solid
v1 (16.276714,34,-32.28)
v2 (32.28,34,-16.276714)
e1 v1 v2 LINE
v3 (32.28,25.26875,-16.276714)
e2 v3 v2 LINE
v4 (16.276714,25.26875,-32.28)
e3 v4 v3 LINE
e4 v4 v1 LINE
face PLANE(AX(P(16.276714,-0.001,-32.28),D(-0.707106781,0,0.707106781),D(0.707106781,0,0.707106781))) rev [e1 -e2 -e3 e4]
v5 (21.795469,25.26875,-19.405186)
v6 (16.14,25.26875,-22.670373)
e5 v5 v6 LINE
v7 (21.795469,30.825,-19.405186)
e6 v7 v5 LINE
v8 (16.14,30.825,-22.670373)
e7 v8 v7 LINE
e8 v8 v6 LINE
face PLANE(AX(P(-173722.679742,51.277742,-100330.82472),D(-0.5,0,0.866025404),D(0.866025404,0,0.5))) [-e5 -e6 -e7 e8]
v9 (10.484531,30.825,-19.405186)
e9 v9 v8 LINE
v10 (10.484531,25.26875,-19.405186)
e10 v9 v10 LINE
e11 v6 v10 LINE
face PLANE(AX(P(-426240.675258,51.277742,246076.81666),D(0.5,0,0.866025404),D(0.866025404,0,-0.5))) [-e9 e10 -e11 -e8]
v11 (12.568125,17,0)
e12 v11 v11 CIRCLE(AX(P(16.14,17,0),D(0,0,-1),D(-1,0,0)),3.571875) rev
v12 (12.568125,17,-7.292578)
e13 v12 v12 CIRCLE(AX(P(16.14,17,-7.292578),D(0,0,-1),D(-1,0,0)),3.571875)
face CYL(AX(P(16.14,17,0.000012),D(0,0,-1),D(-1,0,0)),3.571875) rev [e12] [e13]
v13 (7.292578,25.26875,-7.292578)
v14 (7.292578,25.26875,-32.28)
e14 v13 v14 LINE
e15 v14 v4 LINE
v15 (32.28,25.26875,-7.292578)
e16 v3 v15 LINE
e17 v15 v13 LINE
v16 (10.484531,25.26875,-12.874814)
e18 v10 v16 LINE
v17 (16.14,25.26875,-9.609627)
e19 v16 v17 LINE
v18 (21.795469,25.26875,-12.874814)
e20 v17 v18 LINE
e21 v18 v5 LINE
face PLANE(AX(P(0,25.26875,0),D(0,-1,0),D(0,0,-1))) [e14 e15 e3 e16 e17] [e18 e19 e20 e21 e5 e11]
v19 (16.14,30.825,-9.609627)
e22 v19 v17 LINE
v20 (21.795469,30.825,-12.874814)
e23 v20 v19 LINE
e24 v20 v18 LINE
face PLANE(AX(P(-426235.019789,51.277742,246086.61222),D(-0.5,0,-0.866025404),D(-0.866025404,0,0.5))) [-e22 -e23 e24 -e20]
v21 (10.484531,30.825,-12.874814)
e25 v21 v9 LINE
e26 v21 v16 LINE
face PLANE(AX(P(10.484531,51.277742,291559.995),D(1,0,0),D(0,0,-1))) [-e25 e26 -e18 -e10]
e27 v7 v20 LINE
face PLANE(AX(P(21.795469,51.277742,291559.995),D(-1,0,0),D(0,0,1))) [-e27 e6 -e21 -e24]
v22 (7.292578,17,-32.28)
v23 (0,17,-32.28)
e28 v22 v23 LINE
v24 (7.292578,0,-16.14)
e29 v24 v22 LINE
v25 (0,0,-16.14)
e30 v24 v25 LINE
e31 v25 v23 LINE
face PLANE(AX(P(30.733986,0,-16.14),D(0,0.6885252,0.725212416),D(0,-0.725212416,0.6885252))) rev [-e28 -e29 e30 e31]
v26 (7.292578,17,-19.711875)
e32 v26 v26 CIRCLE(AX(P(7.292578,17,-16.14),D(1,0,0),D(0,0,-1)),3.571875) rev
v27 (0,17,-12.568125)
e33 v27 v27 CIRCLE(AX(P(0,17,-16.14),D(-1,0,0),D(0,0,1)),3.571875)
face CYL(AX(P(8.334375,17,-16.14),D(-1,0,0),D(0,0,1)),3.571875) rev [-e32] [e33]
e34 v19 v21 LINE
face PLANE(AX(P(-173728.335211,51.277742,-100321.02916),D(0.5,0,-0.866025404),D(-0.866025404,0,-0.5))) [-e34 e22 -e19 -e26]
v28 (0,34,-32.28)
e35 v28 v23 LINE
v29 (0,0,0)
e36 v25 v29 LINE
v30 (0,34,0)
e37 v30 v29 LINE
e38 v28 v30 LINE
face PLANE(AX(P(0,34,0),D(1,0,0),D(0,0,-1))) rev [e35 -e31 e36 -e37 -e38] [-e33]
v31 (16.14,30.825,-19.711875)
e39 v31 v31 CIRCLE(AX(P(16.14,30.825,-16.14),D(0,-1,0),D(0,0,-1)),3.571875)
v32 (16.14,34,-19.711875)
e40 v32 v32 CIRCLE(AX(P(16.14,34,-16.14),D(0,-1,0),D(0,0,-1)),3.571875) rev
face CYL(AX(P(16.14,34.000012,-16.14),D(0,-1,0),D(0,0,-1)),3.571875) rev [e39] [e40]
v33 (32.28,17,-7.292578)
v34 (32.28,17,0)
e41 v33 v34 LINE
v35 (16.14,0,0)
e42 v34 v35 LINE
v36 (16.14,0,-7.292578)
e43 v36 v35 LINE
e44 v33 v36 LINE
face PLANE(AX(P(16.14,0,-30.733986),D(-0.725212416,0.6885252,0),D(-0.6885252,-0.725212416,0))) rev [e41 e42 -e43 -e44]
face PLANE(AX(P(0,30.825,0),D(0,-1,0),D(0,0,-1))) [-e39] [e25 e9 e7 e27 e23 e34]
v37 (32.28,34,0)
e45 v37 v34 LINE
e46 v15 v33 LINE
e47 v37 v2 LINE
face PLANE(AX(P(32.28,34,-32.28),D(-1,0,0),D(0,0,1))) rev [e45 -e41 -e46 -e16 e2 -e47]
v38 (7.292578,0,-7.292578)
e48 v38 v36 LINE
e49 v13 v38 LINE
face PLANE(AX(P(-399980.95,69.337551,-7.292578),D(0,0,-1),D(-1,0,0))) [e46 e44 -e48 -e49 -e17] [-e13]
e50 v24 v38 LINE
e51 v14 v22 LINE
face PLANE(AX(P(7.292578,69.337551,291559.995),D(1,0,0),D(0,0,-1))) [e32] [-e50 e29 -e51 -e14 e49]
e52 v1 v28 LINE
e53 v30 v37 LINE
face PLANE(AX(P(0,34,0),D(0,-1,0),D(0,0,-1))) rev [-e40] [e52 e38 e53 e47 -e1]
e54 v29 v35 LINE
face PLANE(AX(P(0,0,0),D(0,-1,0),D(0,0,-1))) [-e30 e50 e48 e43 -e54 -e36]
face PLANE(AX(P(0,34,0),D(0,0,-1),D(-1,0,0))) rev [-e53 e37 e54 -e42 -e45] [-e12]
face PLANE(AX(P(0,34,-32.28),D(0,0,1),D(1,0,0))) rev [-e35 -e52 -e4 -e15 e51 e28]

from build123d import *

# Parameters (mm, degrees)
SKETCH1_W                    = 32.28
SKETCH1_H                    = 32.28
MAIN_BODY_DEPTH              = 34
SKETCH3_R                    = 3.571875
F_9_32_RIGHT_RAIL_DEPTH      = 1
F_9_32_RIGHT_RAIL_DEPTH_BACK = 8.334375
SKETCH4_R                    = 3.571875
F_9_32_LEFT_RAIL_DEPTH       = 8.334375
SKETCH8_R                    = 3.571875
F_9_32_TOPPER_DEPTH          = 1
F_9_32_TOPPER_DEPTH_BACK     = 10
INNER_START                  = -17.4625
SKETCH13_W                   = 24.987421875
SKETCH13_H                   = 24.987421875
INNER_CAVITY_DEPTH           = 8.73125
INNER_CAVITY_DEPTH_BACK      = 34
HEX_START                    = -17
HEX_HOLE_TOP_DEPTH           = 13.825
TOP_CORNER_REACH             = 36
CUT_EXTRUDE2_DEPTH           = 7.292578
CUT_EXTRUDE3_DEPTH           = 7.292578


with BuildPart() as part:
    # Sketch1 → Main Body (new body)
    with BuildSketch(Plane(origin=(0, 0, 0), x_dir=(1, 0, 0), z_dir=(0, 1, 0))):
        with Locations((16.14, 16.14)):
            Rectangle(SKETCH1_W, SKETCH1_H)
    extrude(amount=MAIN_BODY_DEPTH)

    # Sketch3 → 9/32 Right Rail (cut, two sides)
    with BuildSketch(Plane.XY) as f_9_32_right_rail_sk:
        with Locations((16.14, 17)):
            Circle(SKETCH3_R)
    extrude(amount=F_9_32_RIGHT_RAIL_DEPTH, mode=Mode.SUBTRACT)
    extrude(f_9_32_right_rail_sk.sketch, amount=-F_9_32_RIGHT_RAIL_DEPTH_BACK, mode=Mode.SUBTRACT)

    # Sketch4 → 9/32 Left Rail (cut)
    with BuildSketch(Plane.ZY):
        with Locations((-16.14, 17)):
            Circle(SKETCH4_R)
    extrude(amount=-F_9_32_LEFT_RAIL_DEPTH, mode=Mode.SUBTRACT)

    # Sketch8 → 9/32 Topper (cut, two sides)
    with BuildSketch(Plane(origin=(0, 34, 0), x_dir=(1, 0, 0), z_dir=(0, 1, 0))) as f_9_32_topper_sk:
        with Locations((16.14, 16.14)):
            Circle(SKETCH8_R)
    extrude(amount=F_9_32_TOPPER_DEPTH, mode=Mode.SUBTRACT)
    extrude(f_9_32_topper_sk.sketch, amount=-F_9_32_TOPPER_DEPTH_BACK, mode=Mode.SUBTRACT)

    # Sketch13 → Inner Cavity (cut, two sides)
    with BuildSketch(Plane(origin=(0, 34, 0), x_dir=(1, 0, 0), z_dir=(0, 1, 0)).offset(INNER_START)) as inner_cavity_sk:
        with Locations((19.786289062, 19.786289062)):
            Rectangle(SKETCH13_W, SKETCH13_H)
    extrude(amount=INNER_CAVITY_DEPTH, mode=Mode.SUBTRACT)
    extrude(inner_cavity_sk.sketch, amount=-INNER_CAVITY_DEPTH_BACK, mode=Mode.SUBTRACT)

    # Sketch14 → Hex Hole Top (cut)
    with BuildSketch(Plane(origin=(0, 34, 0), x_dir=(1, 0, 0), z_dir=(0, 1, 0)).offset(HEX_START)):
        Polygon((21.79546875, 19.405186405), (16.14, 22.67037281), (10.48453125, 19.405186405), (10.48453125, 12.874813595), (16.14, 9.60962719), (21.79546875, 12.874813595), align=None)
    extrude(amount=HEX_HOLE_TOP_DEPTH, mode=Mode.SUBTRACT)

    # Sketch16 → Top Corner (cut, up to next)
    with BuildSketch(Plane(origin=(0, 34, 0), x_dir=(1, 0, 0), z_dir=(0, 1, 0)), mode=Mode.PRIVATE) as top_corner_sk1:
        Polygon((32.28, 32.28), (16.276714219, 32.28), (32.28, 16.276714219), align=None)
    top_corner_tool1 = extrude(top_corner_sk1.sketch, amount=-TOP_CORNER_REACH, mode=Mode.PRIVATE) & part.part
    add(top_corner_tool1.solids().sort_by_distance((26.945571, 34, -26.945571))[0], mode=Mode.SUBTRACT)

    # Sketch18 → Cut-Extrude2 (cut)
    with BuildSketch(Plane.ZY):
        Polygon((-32.28, 0), (-16.14, 0), (-32.28, 17), align=None)
    extrude(amount=-CUT_EXTRUDE2_DEPTH, mode=Mode.SUBTRACT)

    # Sketch19 → Cut-Extrude3 (cut)
    with BuildSketch(Plane.XY):
        Polygon((32.28, 0), (16.14, 0), (32.28, 17), align=None)
    extrude(amount=-CUT_EXTRUDE3_DEPTH, mode=Mode.SUBTRACT)


solid = part.part
